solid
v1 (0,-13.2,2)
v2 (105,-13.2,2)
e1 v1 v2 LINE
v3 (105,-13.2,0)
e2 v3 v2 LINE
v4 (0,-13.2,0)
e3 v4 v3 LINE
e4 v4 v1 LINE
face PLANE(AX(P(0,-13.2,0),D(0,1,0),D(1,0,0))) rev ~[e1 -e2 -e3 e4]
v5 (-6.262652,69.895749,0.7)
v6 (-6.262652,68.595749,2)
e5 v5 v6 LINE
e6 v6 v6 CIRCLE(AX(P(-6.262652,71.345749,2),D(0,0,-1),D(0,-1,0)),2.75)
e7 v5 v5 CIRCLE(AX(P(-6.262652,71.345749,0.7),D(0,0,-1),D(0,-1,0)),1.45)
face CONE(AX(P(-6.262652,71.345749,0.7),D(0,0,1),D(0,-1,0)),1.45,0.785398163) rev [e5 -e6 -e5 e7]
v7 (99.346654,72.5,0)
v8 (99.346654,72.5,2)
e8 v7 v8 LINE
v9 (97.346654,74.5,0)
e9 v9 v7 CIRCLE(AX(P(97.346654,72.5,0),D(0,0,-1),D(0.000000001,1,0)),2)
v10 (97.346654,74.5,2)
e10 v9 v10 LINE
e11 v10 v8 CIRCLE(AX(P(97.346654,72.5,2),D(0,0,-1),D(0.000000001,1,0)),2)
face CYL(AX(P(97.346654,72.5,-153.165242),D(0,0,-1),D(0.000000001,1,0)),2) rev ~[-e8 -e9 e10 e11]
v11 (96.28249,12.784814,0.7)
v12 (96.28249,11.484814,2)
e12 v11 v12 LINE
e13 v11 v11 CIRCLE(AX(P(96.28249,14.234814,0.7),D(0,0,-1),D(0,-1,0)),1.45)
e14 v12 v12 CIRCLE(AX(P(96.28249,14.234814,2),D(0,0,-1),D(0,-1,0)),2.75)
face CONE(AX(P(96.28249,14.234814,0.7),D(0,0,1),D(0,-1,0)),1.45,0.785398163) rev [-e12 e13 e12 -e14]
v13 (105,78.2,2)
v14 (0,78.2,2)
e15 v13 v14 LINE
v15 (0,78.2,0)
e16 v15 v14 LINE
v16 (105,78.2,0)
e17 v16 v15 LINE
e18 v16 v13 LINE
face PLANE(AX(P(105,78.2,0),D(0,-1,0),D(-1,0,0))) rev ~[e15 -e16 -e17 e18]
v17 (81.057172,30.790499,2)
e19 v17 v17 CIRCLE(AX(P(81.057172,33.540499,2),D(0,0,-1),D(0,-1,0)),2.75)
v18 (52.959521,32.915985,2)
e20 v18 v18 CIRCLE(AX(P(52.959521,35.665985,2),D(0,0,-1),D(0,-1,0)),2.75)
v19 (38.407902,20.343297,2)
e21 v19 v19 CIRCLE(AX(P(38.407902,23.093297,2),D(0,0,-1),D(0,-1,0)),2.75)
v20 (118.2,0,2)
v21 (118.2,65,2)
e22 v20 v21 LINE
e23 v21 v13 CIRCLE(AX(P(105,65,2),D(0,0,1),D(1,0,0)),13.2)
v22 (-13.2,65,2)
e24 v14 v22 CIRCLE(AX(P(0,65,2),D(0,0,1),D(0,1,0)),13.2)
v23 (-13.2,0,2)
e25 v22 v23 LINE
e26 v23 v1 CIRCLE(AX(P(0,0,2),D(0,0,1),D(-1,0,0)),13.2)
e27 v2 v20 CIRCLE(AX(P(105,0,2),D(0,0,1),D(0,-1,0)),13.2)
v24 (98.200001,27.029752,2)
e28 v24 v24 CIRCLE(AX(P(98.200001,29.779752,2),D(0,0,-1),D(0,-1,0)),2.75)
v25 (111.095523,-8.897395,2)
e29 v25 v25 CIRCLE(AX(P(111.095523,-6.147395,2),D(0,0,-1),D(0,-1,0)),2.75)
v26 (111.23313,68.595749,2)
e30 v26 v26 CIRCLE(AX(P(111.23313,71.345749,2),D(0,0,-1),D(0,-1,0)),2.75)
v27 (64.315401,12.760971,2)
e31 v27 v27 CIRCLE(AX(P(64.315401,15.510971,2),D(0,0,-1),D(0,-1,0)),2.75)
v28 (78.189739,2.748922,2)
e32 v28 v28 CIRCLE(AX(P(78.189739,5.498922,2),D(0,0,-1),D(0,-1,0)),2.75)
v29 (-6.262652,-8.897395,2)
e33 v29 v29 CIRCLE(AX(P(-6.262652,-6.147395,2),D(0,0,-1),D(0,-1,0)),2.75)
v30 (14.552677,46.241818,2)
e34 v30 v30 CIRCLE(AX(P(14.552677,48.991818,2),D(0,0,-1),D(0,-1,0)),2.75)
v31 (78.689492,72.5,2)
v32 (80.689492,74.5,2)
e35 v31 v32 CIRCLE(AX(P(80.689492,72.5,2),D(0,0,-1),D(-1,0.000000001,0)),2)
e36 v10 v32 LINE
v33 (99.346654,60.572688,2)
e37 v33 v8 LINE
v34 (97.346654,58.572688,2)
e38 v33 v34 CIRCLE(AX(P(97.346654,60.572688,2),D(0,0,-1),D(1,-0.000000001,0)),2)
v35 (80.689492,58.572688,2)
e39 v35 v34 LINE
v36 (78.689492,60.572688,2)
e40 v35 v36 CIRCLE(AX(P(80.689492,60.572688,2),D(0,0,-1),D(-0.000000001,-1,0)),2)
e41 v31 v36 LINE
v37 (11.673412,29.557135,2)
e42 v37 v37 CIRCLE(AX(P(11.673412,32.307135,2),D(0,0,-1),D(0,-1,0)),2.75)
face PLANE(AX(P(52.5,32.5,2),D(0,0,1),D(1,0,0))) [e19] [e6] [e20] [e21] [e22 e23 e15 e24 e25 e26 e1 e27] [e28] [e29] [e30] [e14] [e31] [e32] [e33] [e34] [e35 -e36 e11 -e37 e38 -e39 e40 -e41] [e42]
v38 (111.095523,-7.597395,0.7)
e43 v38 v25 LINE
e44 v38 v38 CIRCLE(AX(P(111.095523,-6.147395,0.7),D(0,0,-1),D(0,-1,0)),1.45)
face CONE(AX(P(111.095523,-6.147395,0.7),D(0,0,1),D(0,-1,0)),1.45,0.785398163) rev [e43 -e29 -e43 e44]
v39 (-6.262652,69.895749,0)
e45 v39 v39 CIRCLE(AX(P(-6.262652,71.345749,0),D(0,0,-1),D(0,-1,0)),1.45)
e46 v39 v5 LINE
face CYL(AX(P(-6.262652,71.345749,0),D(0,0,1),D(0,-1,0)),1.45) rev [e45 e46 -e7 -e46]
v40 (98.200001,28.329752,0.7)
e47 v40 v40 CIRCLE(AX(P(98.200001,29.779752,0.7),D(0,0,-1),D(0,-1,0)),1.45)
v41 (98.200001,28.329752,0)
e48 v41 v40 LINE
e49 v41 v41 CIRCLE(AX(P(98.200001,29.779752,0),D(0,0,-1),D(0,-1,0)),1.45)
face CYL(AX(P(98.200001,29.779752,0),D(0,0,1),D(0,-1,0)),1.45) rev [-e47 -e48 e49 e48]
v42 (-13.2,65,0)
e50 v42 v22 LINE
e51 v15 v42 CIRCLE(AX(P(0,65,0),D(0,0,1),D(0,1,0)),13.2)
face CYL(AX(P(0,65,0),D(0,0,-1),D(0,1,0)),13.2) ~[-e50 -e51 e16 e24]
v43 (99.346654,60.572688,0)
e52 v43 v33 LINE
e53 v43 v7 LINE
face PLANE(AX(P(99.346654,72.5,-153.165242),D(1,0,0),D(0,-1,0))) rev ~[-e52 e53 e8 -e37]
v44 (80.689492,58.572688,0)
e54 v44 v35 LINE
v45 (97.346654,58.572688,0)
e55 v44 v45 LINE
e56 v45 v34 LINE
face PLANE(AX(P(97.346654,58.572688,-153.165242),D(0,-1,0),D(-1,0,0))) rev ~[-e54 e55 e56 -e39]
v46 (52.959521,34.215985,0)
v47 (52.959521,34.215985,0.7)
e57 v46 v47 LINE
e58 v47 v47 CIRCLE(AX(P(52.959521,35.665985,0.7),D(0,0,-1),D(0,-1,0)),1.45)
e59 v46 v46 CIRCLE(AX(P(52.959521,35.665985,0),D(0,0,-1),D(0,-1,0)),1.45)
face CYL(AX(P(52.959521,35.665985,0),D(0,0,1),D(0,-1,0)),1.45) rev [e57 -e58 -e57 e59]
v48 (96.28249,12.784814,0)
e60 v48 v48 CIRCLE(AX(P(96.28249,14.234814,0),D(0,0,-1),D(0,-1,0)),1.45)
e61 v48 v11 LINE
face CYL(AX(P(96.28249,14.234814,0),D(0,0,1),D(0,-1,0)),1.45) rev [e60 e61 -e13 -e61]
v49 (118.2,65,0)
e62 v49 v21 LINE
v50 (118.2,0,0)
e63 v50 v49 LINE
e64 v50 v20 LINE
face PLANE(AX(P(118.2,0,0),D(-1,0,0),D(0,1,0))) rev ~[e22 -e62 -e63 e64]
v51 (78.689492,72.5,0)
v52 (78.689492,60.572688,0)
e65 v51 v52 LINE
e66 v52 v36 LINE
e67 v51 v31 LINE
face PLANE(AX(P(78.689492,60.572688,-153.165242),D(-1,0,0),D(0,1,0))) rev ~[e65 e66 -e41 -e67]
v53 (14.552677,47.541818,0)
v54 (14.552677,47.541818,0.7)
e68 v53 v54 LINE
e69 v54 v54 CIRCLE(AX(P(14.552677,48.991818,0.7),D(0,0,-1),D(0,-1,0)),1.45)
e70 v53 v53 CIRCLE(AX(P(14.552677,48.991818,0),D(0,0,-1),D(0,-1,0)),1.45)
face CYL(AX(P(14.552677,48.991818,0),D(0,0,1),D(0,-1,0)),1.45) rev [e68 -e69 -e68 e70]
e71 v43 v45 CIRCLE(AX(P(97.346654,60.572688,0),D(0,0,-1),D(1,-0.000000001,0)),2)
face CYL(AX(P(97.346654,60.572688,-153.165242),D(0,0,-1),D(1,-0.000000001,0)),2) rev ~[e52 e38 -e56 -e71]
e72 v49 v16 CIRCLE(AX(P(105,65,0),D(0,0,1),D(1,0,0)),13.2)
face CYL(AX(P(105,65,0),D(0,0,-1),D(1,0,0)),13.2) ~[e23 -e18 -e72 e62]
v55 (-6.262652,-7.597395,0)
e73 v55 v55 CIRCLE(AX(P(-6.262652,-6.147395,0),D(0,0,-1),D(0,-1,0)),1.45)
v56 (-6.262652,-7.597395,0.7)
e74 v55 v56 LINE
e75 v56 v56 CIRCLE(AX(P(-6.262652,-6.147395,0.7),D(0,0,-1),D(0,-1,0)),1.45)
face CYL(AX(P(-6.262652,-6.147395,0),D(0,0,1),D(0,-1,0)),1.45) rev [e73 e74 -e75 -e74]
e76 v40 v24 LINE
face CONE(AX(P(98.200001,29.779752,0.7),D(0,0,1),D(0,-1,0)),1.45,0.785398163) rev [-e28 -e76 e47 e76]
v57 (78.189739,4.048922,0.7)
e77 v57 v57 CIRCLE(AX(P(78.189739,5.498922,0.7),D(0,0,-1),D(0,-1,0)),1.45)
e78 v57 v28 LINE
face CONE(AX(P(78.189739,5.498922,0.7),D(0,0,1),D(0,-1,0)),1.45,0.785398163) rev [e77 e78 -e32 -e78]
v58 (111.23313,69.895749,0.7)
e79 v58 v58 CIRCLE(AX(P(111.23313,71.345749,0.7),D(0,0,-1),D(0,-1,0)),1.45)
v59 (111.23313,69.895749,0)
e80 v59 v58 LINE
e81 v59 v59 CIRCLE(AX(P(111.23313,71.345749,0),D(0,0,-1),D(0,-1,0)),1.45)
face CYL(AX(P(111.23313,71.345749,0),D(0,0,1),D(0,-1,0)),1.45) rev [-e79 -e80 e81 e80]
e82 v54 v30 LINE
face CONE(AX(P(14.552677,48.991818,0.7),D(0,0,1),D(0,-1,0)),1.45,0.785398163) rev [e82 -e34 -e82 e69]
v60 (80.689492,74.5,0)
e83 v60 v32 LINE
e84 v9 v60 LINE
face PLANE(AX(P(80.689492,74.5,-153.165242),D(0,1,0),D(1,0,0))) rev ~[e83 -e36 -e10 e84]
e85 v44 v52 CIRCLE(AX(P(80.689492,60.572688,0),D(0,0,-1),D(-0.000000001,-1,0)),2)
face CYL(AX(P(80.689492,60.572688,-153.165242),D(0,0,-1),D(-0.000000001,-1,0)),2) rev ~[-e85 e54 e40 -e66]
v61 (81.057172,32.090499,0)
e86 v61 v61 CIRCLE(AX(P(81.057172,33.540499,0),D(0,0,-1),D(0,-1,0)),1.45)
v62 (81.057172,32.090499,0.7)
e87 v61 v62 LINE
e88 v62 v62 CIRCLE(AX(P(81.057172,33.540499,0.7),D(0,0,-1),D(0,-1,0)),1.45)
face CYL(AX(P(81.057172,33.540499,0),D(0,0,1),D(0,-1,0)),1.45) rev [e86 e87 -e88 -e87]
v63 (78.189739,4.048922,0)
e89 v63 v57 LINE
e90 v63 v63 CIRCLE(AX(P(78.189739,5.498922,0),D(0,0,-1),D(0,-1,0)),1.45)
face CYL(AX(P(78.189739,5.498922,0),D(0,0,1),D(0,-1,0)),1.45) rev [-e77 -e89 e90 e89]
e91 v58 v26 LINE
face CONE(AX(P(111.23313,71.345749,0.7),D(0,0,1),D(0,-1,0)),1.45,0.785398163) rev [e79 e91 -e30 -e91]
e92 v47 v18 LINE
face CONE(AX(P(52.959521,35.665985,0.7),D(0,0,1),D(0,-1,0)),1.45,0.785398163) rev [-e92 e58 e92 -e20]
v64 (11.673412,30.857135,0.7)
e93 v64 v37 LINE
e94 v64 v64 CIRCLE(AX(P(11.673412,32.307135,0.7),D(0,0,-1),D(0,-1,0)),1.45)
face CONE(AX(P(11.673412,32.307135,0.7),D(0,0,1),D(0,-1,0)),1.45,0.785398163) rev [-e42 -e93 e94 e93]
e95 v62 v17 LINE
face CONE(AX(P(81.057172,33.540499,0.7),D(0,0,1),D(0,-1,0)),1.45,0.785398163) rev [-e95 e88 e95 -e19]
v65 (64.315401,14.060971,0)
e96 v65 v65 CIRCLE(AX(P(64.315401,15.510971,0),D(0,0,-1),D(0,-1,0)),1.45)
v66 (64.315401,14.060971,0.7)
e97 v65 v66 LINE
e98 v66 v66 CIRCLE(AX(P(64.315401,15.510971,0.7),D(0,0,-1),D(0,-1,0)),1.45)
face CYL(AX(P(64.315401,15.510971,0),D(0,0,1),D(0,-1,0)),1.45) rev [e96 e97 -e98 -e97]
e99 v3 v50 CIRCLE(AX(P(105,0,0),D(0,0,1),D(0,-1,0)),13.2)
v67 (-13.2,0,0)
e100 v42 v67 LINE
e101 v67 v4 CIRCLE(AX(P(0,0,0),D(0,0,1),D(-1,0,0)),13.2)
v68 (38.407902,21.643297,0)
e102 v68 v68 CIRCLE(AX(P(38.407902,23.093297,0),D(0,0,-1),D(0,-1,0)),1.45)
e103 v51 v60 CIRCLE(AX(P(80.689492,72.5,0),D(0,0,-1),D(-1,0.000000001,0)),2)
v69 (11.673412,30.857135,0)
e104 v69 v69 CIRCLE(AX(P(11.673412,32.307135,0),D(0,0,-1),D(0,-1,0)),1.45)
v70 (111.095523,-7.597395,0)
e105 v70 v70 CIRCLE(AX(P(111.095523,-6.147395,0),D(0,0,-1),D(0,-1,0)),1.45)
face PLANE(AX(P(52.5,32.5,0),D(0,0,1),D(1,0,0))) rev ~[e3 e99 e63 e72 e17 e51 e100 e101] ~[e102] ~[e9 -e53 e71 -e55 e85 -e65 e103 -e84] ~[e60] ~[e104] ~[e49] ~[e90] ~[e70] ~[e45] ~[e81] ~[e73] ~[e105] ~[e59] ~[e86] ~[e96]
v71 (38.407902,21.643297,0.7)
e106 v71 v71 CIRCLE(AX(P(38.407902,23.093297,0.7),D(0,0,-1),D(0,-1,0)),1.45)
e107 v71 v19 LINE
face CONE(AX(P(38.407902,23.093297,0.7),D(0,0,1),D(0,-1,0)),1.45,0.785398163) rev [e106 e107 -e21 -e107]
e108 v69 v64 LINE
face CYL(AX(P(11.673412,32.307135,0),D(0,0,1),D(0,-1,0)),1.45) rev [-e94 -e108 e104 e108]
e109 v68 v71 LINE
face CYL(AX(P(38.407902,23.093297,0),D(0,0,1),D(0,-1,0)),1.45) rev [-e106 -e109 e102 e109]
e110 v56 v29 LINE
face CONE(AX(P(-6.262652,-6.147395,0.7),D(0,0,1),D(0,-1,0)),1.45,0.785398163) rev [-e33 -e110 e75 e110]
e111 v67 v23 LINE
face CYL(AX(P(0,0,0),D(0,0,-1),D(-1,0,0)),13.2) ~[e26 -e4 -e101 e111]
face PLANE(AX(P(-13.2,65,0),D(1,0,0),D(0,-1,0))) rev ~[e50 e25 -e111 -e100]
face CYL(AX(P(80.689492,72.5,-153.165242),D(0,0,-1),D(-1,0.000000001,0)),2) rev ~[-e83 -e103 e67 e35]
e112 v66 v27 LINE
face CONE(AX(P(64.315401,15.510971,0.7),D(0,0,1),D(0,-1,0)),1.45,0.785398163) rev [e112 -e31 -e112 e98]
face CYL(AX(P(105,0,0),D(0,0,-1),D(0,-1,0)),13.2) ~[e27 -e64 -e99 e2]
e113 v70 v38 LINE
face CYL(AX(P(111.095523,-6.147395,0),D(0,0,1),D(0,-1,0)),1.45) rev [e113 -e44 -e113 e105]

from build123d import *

# Parameters (mm, degrees)
EXTRUDE_1_DEPTH               = 2
HOLE_WIZARD_M2_51_AT_2_COUNT  = 2
HOLE_WIZARD_M2_51_AT_2_PITCH  = 16.931296872
HOLE_WIZARD_M2_51_AT_3_COUNT  = 2
HOLE_WIZARD_M2_51_AT_3_PITCH  = 35.210867013
HOLE_WIZARD_M2_51_AT_4_COUNT  = 2
HOLE_WIZARD_M2_51_AT_4_PITCH  = 59.977461264
HOLE_WIZARD_M2_51_AT_5_COUNT  = 2
HOLE_WIZARD_M2_51_AT_5_PITCH  = 77.079878905
HOLE_WIZARD_M2_51_AT_6_COUNT  = 2
HOLE_WIZARD_M2_51_AT_6_PITCH  = 88.813353391
HOLE_WIZARD_M2_51_AT_7_COUNT  = 2
HOLE_WIZARD_M2_51_AT_7_PITCH  = 85.825277806
HOLE_WIZARD_M2_51_AT_8_COUNT  = 2
HOLE_WIZARD_M2_51_AT_8_PITCH  = 68.275845665
HOLE_WIZARD_M2_51_AT_9_COUNT  = 2
HOLE_WIZARD_M2_51_AT_9_PITCH  = 40.65296425
HOLE_WIZARD_M2_51_AT_10_COUNT = 2
HOLE_WIZARD_M2_51_AT_10_PITCH = 30.544658358
HOLE_WIZARD_M2_51_AT_11_COUNT = 2
HOLE_WIZARD_M2_51_AT_11_PITCH = 58.937345854
HOLE_WIZARD_M2_51_AT_12_COUNT = 2
HOLE_WIZARD_M2_51_AT_12_PITCH = 111.179377124
HOLE_WIZARD_M2_51_AT_13_COUNT = 2
HOLE_WIZARD_M2_51_AT_13_PITCH = 99.231085308
CUT_EXTRUDE_1_DEPTH           = 143.22856359
CUT_EXTRUDE_1_DEPTH_BACK      = 143.22856359


with BuildPart() as part:
    # Outline → Бобышка-Вытянуть1 (new body)
    with BuildSketch(Plane.XY):
        with BuildLine():
            Line((12.02500062, 78.2), (0, 78.2))
            ThreePointArc((0, 78.2), (-9.333809512, 74.333809512), (-13.2, 65))
            Line((-13.2, 65), (-13.2, 0))
            ThreePointArc((-13.2, 0), (-9.333809512, -9.333809512), (0, -13.2))
            Line((0, -13.2), (105, -13.2))
            ThreePointArc((105, -13.2), (114.333809512, -9.333809512), (118.2, 0))
            Line((118.2, 0), (118.2, 65))
            ThreePointArc((118.2, 65), (114.333809512, 74.333809512), (105, 78.2))
            Line((105, 78.2), (12.02500062, 78.2))
        make_face()
    extrude(amount=EXTRUDE_1_DEPTH)

    # Эскиз8 → Отверстие с зазором M2.51 (revolve, cut)
    with BuildSketch(Plane(origin=(14.552676738, 48.9918182, 2), x_dir=(0, -1, 0), z_dir=(1, 0, 0))):
        Polygon((0, 0), (0, 2), (1.45, 2), (1.45, 1.3), (2.75, 0), align=None)
    hole_wizard_m2_51 = revolve(axis=Axis((14.552676738, 48.9918182, 8.35), (0, 0, -1)), mode=Mode.SUBTRACT)

    # Отверстие с зазором M2.51 at 2: Отверстие с зазором M2.51 ×2
    with Locations(*[Vector(-0.17005574614353655, -0.9854344438893767, 0) * (i * HOLE_WIZARD_M2_51_AT_2_PITCH) for i in range(1, HOLE_WIZARD_M2_51_AT_2_COUNT)]):
        add(hole_wizard_m2_51, mode=Mode.SUBTRACT)

    # Отверстие с зазором M2.51 at 3: Отверстие с зазором M2.51 ×2
    with Locations(*[Vector(0.6774960962058836, -0.7355263690893673, 0) * (i * HOLE_WIZARD_M2_51_AT_3_PITCH) for i in range(1, HOLE_WIZARD_M2_51_AT_3_COUNT)]):
        add(hole_wizard_m2_51, mode=Mode.SUBTRACT)

    # Отверстие с зазором M2.51 at 4: Отверстие с зазором M2.51 ×2
    with Locations(*[Vector(0.8296904036666649, -0.5582238207596005, 0) * (i * HOLE_WIZARD_M2_51_AT_4_PITCH) for i in range(1, HOLE_WIZARD_M2_51_AT_4_COUNT)]):
        add(hole_wizard_m2_51, mode=Mode.SUBTRACT)

    # Отверстие с зазором M2.51 at 5: Отверстие с зазором M2.51 ×2
    with Locations(*[Vector(0.8255988861757253, -0.5642574582098157, 0) * (i * HOLE_WIZARD_M2_51_AT_5_PITCH) for i in range(1, HOLE_WIZARD_M2_51_AT_5_COUNT)]):
        add(hole_wizard_m2_51, mode=Mode.SUBTRACT)

    # Отверстие с зазором M2.51 at 6: Отверстие с зазором M2.51 ×2
    with Locations(*[Vector(0.9202423986359286, -0.3913488568436004, 0) * (i * HOLE_WIZARD_M2_51_AT_6_PITCH) for i in range(1, HOLE_WIZARD_M2_51_AT_6_COUNT)]):
        add(hole_wizard_m2_51, mode=Mode.SUBTRACT)

    # Отверстие с зазором M2.51 at 7: Отверстие с зазором M2.51 ×2
    with Locations(*[Vector(0.9746234007113833, -0.22385090302649743, 0) * (i * HOLE_WIZARD_M2_51_AT_7_PITCH) for i in range(1, HOLE_WIZARD_M2_51_AT_7_COUNT)]):
        add(hole_wizard_m2_51, mode=Mode.SUBTRACT)

    # Отверстие с зазором M2.51 at 8: Отверстие с зазором M2.51 ×2
    with Locations(*[Vector(0.9740559678514582, -0.22630725019972095, 0) * (i * HOLE_WIZARD_M2_51_AT_8_PITCH) for i in range(1, HOLE_WIZARD_M2_51_AT_8_COUNT)]):
        add(hole_wizard_m2_51, mode=Mode.SUBTRACT)

    # Отверстие с зазором M2.51 at 9: Отверстие с зазором M2.51 ×2
    with Locations(*[Vector(0.9447489174324829, -0.327794879475186, 0) * (i * HOLE_WIZARD_M2_51_AT_9_PITCH) for i in range(1, HOLE_WIZARD_M2_51_AT_9_COUNT)]):
        add(hole_wizard_m2_51, mode=Mode.SUBTRACT)

    # Отверстие с зазором M2.51 at 10: Отверстие с зазором M2.51 ×2
    with Locations(*[Vector(-0.6814719875063323, 0.73184419806689, 0) * (i * HOLE_WIZARD_M2_51_AT_10_PITCH) for i in range(1, HOLE_WIZARD_M2_51_AT_10_COUNT)]):
        add(hole_wizard_m2_51, mode=Mode.SUBTRACT)

    # Отверстие с зазором M2.51 at 11: Отверстие с зазором M2.51 ×2
    with Locations(*[Vector(-0.35317723825652403, -0.9355564324921798, 0) * (i * HOLE_WIZARD_M2_51_AT_11_PITCH) for i in range(1, HOLE_WIZARD_M2_51_AT_11_COUNT)]):
        add(hole_wizard_m2_51, mode=Mode.SUBTRACT)

    # Отверстие с зазором M2.51 at 12: Отверстие с зазором M2.51 ×2
    with Locations(*[Vector(0.8683521022085285, -0.49594820958445784, 0) * (i * HOLE_WIZARD_M2_51_AT_12_PITCH) for i in range(1, HOLE_WIZARD_M2_51_AT_12_COUNT)]):
        add(hole_wizard_m2_51, mode=Mode.SUBTRACT)

    # Отверстие с зазором M2.51 at 13: Отверстие с зазором M2.51 ×2
    with Locations(*[Vector(0.9742960388993211, 0.2252714553268849, 0) * (i * HOLE_WIZARD_M2_51_AT_13_PITCH) for i in range(1, HOLE_WIZARD_M2_51_AT_13_COUNT)]):
        add(hole_wizard_m2_51, mode=Mode.SUBTRACT)

    # Эскиз10 → Вырез-Вытянуть1 (cut, two sides: drawn at the far end of the back side and taken through both)
    with BuildSketch(Plane.XY.offset(-9.9366788).offset(-CUT_EXTRUDE_1_DEPTH_BACK)):
        with BuildLine():
            Line((80.689492233, 74.5), (97.346654465, 74.5))
            ThreePointArc((97.346654465, 74.5), (98.760868027, 73.914213562), (99.346654465, 72.5))
            Line((99.346654465, 72.5), (99.346654465, 60.572687633))
            ThreePointArc((99.346654465, 60.572687633), (98.760868027, 59.158474071), (97.346654465, 58.572687633))
            Line((97.346654465, 58.572687633), (80.689492233, 58.572687633))
            ThreePointArc((80.689492233, 58.572687633), (79.275278671, 59.158474071), (78.689492233, 60.572687633))
            Line((78.689492233, 60.572687633), (78.689492233, 72.5))
            ThreePointArc((78.689492233, 72.5), (79.275278671, 73.914213562), (80.689492233, 74.5))
        make_face()
    extrude(amount=CUT_EXTRUDE_1_DEPTH + CUT_EXTRUDE_1_DEPTH_BACK, mode=Mode.SUBTRACT)


solid = part.part
